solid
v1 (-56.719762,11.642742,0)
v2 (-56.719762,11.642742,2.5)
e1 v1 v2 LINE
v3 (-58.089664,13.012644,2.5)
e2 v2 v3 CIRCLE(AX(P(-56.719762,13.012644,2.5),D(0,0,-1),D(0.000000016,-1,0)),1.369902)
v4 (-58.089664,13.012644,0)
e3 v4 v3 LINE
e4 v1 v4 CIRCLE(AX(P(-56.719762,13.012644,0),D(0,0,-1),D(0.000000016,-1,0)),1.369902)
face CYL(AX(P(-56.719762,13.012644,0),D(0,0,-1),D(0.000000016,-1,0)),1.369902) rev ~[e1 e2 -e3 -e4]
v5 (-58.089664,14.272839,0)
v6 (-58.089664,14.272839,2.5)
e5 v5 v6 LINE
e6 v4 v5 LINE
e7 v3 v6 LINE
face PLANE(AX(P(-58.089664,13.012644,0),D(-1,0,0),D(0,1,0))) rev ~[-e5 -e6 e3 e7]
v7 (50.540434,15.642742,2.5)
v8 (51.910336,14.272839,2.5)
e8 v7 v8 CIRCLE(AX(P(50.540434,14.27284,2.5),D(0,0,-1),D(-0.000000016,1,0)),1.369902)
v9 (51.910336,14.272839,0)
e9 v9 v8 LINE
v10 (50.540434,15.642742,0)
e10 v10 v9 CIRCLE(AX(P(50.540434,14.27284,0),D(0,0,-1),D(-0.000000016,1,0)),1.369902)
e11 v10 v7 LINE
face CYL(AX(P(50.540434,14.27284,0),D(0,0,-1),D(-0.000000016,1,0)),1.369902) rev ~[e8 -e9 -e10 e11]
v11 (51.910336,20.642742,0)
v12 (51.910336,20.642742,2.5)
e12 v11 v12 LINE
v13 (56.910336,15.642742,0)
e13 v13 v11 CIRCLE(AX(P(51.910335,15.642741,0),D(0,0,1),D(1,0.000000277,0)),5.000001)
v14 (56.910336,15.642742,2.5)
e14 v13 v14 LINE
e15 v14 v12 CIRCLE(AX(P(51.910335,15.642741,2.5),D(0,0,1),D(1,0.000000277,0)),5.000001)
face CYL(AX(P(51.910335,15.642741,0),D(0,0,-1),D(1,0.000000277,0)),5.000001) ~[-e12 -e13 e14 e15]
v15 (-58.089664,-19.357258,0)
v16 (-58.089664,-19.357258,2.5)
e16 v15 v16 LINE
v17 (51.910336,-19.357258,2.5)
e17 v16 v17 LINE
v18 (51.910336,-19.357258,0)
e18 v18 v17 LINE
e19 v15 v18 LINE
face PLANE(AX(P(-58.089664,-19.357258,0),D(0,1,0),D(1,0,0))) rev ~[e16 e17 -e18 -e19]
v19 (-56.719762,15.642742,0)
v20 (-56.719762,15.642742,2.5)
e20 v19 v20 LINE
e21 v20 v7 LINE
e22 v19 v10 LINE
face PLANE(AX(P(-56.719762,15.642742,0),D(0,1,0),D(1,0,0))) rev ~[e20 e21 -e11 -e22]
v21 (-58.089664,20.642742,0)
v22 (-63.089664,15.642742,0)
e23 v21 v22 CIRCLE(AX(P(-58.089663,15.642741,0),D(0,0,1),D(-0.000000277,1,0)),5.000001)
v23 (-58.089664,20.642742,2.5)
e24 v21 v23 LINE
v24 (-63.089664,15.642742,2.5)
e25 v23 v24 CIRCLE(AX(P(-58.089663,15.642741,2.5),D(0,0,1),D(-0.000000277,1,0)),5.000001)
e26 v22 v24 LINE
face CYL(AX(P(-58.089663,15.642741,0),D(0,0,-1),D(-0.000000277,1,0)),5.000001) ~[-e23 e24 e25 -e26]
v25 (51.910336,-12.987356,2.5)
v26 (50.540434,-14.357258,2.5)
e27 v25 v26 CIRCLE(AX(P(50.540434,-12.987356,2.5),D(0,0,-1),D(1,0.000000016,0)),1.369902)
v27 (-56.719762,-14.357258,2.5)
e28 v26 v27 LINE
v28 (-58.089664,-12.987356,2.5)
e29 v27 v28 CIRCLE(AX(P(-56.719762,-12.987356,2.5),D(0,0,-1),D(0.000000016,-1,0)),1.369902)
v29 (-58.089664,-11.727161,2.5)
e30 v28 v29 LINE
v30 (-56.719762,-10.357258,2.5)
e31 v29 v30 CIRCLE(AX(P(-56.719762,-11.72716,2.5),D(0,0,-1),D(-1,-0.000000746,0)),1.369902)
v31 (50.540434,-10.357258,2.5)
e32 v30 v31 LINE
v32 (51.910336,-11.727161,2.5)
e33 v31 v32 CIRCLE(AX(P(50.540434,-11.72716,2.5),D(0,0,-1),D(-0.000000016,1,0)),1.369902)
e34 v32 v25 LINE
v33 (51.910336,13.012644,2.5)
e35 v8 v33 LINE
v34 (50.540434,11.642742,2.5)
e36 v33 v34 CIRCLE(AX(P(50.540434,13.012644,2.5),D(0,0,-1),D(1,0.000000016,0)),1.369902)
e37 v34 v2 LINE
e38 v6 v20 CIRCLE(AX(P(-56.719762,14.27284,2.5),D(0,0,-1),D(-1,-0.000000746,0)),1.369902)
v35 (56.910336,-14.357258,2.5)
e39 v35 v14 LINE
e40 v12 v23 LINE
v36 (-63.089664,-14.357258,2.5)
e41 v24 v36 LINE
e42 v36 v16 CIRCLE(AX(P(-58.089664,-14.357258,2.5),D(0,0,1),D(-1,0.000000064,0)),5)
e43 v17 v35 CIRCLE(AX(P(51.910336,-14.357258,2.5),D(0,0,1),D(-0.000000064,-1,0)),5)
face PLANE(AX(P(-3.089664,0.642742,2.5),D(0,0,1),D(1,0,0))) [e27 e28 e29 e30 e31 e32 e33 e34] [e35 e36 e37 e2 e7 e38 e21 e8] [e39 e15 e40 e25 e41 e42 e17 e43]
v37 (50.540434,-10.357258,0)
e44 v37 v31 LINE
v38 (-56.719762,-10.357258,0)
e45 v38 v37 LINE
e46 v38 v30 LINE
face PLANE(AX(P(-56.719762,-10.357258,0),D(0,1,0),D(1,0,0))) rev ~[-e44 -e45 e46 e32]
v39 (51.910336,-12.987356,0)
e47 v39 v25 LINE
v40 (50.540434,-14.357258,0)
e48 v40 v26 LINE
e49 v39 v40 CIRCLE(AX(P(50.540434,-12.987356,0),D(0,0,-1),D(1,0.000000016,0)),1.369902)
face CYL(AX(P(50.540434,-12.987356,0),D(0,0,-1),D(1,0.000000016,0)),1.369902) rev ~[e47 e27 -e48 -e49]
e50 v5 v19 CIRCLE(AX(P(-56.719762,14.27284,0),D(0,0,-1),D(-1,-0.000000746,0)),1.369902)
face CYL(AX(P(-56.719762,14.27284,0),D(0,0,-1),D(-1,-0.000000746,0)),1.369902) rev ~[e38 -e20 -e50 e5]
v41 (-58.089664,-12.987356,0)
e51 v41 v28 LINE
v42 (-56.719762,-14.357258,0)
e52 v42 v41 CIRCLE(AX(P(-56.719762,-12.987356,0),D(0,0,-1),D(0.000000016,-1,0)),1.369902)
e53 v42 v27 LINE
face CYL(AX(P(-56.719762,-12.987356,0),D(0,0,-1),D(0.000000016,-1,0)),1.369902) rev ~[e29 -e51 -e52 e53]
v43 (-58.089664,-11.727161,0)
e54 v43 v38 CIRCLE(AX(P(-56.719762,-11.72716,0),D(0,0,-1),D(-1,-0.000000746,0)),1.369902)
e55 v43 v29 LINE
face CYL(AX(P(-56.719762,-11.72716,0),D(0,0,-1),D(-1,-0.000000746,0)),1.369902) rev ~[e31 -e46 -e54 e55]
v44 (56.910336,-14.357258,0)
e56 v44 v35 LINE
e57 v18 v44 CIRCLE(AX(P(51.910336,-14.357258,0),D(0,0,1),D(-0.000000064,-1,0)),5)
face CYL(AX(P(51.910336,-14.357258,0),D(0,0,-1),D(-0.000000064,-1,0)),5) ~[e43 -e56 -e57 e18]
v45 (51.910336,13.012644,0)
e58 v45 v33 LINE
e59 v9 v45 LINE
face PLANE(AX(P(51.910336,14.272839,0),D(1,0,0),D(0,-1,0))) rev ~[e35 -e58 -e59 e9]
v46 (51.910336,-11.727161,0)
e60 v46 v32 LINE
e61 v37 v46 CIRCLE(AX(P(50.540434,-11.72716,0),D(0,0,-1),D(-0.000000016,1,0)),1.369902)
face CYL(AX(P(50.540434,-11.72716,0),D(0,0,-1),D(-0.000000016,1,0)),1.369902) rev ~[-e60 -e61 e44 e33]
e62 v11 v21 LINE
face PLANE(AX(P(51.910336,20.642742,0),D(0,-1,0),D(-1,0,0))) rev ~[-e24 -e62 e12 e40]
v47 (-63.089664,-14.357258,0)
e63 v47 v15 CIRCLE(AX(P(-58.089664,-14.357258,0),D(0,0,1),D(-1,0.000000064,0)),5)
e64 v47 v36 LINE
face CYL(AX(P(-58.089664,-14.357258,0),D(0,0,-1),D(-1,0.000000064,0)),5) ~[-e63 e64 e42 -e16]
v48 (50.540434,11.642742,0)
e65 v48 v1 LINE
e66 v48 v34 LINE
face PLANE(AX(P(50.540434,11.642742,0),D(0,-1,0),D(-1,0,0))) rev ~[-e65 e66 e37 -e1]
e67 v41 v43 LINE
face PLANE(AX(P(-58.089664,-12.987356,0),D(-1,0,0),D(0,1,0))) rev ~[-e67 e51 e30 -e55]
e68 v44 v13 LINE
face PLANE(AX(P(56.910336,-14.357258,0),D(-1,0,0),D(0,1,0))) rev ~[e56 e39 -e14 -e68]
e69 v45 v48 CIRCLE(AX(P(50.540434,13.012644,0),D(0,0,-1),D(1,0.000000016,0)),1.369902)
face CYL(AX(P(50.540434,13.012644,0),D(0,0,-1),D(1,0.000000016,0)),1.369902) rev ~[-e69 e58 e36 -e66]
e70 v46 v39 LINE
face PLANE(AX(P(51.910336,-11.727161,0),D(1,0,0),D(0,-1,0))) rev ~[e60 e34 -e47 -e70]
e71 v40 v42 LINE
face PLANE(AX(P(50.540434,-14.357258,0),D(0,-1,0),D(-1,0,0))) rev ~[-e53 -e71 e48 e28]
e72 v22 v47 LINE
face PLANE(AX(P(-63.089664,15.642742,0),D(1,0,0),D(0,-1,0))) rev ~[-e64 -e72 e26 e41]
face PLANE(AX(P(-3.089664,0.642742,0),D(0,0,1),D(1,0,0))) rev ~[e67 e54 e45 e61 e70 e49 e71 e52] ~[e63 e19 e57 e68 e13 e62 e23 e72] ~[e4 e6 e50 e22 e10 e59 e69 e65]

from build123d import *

# Parameters (mm, degrees)
F1_DEPTH = 2.5


with BuildPart() as f1:
    # F0 (on Top) → F1 (new body)
    with BuildSketch(Plane.XY):
        with BuildLine():
            Line((51.910336, 20.642742), (-58.089664, 20.642742))
            ThreePointArc((-58.089664, 20.642742), (-61.625198, 19.178275), (-63.089664, 15.642742))
            Line((-63.089664, 15.642742), (-63.089664, -14.357258))
            ThreePointArc((-63.089664, -14.357258), (-61.625198, -17.892792), (-58.089664, -19.357258))
            Line((-58.089664, -19.357258), (51.910336, -19.357258))
            ThreePointArc((51.910336, -19.357258), (55.44587, -17.892792), (56.910336, -14.357258))
            Line((56.910336, -14.357258), (56.910336, 15.642742))
            ThreePointArc((56.910336, 15.642742), (55.44587, 19.178275), (51.910336, 20.642742))
        make_face()
        with BuildLine():
            Line((50.540434, -14.357258), (-56.719762, -14.357258))
            ThreePointArc((-56.719762, -14.357258), (-57.688429, -13.956023), (-58.089664, -12.987356))
            Line((-58.089664, -12.987356), (-58.089664, -11.727161))
            ThreePointArc((-58.089664, -11.727161), (-57.688429, -10.758493), (-56.719762, -10.357258))
            Line((-56.719762, -10.357258), (50.540434, -10.357258))
            ThreePointArc((50.540434, -10.357258), (51.509101, -10.758493), (51.910336, -11.727161))
            Line((51.910336, -11.727161), (51.910336, -12.987356))
            ThreePointArc((51.910336, -12.987356), (51.509101, -13.956023), (50.540434, -14.357258))
        make_face(mode=Mode.SUBTRACT)
        with BuildLine():
            ThreePointArc((-58.089664, 14.272839), (-57.688429, 15.241507), (-56.719762, 15.642742))
            Line((-56.719762, 15.642742), (50.540434, 15.642742))
            ThreePointArc((50.540434, 15.642742), (51.509101, 15.241507), (51.910336, 14.272839))
            Line((51.910336, 14.272839), (51.910336, 13.012644))
            ThreePointArc((51.910336, 13.012644), (51.509101, 12.043977), (50.540434, 11.642742))
            Line((50.540434, 11.642742), (-56.719762, 11.642742))
            ThreePointArc((-56.719762, 11.642742), (-57.688429, 12.043977), (-58.089664, 13.012644))
            Line((-58.089664, 13.012644), (-58.089664, 14.272839))
        make_face(mode=Mode.SUBTRACT)
    extrude(amount=F1_DEPTH)


solid = f1.part
